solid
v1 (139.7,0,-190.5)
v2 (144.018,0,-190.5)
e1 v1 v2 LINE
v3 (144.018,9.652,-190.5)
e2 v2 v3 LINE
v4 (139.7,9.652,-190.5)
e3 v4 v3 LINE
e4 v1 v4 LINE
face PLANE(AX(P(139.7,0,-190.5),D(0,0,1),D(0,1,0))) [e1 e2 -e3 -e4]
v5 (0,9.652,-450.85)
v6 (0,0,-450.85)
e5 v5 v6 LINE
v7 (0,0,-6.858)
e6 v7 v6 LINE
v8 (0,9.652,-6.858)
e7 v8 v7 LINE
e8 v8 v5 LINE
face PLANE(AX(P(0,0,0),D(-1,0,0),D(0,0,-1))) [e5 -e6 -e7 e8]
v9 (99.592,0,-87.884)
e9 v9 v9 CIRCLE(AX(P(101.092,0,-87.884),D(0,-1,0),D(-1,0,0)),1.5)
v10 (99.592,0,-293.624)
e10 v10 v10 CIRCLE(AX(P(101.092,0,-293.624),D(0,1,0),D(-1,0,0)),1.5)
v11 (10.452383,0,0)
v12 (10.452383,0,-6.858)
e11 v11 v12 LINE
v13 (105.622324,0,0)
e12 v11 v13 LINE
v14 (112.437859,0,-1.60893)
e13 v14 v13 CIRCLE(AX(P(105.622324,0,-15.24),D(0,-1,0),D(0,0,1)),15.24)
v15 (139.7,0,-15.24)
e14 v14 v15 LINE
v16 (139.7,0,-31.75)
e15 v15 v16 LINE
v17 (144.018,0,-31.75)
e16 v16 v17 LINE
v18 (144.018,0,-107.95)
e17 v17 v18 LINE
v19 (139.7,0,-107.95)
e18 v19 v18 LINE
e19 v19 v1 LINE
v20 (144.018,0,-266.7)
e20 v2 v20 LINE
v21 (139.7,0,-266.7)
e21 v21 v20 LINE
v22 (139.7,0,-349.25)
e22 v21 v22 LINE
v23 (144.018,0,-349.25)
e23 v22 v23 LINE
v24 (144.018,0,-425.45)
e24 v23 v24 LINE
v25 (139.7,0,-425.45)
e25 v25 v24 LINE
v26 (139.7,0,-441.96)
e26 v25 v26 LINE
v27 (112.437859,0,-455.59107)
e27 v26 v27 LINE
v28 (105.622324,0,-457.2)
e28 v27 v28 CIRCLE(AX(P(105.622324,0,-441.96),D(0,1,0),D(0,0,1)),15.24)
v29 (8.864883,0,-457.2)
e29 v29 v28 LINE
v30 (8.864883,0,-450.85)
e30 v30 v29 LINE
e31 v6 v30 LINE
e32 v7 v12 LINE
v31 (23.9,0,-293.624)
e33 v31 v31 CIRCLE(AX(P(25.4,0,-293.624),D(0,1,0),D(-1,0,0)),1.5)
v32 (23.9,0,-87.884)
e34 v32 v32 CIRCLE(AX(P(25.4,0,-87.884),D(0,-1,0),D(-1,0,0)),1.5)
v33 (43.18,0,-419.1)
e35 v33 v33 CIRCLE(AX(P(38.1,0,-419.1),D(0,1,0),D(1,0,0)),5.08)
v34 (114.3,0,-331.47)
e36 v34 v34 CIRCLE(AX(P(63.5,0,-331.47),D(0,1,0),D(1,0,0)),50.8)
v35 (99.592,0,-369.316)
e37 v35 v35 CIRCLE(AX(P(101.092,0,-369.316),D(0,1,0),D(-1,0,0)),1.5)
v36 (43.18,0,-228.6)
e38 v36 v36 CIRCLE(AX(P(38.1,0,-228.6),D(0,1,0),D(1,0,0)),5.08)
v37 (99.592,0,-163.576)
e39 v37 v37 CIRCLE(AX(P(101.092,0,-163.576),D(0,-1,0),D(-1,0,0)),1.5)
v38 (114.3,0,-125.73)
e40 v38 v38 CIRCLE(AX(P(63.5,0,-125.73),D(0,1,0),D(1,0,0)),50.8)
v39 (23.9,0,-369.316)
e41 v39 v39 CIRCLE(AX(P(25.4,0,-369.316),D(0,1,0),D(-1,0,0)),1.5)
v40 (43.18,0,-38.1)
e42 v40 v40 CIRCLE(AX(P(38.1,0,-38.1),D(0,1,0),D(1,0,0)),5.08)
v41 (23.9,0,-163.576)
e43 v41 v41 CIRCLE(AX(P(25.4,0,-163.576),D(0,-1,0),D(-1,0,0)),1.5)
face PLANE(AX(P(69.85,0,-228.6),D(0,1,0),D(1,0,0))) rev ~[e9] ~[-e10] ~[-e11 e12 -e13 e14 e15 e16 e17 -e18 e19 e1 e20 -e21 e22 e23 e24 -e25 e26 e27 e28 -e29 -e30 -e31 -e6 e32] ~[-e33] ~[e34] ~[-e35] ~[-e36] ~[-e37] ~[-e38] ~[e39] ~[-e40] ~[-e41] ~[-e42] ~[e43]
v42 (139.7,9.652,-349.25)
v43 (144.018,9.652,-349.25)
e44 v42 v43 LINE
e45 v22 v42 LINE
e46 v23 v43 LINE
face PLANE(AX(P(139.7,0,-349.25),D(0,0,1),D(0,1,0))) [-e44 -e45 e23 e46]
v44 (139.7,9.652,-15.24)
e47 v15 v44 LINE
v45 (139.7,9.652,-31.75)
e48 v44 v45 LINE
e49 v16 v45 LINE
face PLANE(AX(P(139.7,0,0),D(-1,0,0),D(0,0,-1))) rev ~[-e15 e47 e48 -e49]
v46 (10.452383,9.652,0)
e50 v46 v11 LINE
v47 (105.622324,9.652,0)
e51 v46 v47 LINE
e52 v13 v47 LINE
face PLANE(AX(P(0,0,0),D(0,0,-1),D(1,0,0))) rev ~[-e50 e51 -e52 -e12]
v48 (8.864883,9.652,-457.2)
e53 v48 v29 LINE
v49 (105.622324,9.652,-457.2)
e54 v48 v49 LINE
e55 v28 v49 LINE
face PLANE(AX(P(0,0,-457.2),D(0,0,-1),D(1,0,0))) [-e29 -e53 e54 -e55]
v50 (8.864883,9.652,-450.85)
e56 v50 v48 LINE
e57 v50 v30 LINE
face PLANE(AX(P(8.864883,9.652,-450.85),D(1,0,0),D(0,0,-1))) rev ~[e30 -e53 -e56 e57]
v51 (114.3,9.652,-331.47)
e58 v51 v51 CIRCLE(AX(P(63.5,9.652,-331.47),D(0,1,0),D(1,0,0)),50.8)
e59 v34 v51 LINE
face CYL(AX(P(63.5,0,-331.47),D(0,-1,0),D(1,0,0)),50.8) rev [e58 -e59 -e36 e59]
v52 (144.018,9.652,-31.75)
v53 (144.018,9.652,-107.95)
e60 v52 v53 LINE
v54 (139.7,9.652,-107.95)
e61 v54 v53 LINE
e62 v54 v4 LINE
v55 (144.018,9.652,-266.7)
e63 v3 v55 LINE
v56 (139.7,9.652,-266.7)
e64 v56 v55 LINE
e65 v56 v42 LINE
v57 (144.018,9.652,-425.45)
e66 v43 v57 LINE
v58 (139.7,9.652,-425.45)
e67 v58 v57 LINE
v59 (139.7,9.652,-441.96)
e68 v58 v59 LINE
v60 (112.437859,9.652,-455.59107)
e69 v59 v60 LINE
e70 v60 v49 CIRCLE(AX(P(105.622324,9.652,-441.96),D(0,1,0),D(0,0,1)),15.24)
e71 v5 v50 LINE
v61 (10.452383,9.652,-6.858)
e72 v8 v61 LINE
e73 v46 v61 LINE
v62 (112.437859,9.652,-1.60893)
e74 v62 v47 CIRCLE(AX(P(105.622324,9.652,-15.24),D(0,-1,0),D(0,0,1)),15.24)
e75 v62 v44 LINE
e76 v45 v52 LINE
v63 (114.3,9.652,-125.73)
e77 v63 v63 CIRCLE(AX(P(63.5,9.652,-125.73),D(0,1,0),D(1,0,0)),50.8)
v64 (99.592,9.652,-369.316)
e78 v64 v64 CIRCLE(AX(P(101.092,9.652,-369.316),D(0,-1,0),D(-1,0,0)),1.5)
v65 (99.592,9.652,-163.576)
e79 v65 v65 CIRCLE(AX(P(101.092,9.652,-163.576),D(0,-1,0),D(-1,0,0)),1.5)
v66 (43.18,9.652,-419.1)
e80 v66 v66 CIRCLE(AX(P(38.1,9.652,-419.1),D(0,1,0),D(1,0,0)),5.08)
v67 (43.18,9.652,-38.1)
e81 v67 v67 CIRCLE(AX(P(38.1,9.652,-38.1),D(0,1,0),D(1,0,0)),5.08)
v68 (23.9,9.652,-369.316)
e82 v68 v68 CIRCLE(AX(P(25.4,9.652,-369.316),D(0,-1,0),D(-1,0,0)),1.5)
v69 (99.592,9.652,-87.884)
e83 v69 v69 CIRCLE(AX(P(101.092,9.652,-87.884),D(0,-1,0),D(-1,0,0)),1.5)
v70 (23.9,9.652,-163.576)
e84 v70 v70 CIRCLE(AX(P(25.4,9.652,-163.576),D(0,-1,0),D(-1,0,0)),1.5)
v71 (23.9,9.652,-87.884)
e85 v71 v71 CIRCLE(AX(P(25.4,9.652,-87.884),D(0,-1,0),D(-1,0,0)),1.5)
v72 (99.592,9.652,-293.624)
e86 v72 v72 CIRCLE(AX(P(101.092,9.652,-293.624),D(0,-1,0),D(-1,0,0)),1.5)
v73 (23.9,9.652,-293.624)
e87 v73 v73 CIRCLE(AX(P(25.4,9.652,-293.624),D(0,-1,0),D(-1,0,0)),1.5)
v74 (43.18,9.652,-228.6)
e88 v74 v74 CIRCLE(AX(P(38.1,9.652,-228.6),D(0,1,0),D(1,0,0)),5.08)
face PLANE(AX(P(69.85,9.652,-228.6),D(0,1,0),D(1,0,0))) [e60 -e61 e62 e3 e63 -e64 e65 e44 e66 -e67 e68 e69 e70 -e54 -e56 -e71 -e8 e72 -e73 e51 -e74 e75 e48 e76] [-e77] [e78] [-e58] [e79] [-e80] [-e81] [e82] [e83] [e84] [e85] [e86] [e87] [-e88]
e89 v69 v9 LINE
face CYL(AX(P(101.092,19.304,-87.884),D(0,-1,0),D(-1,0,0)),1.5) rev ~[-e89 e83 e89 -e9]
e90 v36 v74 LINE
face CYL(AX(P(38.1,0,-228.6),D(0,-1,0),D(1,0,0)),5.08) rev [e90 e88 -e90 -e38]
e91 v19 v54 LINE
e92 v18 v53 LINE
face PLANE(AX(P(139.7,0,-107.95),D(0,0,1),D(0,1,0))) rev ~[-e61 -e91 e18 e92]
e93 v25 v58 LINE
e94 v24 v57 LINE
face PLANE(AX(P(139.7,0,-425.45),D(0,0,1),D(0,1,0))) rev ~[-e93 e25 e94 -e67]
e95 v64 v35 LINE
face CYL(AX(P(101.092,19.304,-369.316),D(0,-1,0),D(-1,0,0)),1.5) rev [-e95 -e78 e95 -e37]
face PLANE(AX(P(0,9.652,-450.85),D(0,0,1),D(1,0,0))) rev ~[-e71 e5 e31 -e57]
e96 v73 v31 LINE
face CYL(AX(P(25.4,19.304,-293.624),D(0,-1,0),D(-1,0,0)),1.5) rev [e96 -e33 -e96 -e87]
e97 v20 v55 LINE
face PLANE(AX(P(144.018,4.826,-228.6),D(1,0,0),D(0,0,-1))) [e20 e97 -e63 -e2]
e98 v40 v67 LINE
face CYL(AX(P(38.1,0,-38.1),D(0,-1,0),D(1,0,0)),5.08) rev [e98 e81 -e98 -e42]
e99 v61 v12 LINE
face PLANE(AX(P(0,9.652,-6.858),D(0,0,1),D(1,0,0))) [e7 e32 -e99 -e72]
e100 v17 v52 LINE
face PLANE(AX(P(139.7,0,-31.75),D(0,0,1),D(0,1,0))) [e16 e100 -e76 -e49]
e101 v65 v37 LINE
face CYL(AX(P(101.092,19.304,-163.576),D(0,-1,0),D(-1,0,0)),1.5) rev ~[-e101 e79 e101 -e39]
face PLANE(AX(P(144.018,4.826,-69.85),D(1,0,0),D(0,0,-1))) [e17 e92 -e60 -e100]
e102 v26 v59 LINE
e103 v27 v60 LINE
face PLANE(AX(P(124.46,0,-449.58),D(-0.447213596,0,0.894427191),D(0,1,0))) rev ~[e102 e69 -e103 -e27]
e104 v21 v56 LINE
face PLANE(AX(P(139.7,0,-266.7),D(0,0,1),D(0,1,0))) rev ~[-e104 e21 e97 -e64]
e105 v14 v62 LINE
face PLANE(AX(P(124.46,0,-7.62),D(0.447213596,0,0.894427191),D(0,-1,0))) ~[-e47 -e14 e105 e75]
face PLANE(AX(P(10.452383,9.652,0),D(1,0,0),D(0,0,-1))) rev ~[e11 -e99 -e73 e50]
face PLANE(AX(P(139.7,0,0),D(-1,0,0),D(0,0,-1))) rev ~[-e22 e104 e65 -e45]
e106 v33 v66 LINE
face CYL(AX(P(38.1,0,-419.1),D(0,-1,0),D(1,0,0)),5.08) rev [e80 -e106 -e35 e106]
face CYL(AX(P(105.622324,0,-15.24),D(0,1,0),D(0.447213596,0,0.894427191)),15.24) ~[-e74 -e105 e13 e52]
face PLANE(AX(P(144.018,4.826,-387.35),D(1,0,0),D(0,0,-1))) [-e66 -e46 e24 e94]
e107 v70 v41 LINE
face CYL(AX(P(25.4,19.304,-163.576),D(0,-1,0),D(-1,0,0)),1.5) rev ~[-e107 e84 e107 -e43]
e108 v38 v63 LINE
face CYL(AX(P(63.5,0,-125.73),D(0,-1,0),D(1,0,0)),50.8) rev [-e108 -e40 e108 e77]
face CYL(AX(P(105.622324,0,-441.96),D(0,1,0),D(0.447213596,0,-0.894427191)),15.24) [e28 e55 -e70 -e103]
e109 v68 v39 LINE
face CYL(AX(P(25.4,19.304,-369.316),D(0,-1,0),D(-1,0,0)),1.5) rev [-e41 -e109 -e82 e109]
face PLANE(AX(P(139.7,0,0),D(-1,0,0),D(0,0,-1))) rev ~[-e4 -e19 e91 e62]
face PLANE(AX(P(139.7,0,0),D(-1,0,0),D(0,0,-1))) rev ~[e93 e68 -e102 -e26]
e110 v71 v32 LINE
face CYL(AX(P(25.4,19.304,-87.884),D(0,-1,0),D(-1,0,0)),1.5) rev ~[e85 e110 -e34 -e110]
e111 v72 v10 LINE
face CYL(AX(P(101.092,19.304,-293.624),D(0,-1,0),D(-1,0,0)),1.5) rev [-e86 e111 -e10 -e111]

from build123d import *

# Parameters (mm, degrees)
SKETCH1_W                    = 139.7
SKETCH1_H                    = 457.2
SKETCH1_R                    = 50.8
SKETCH1_R_2                  = 5.08
BOSS_EXTRUDE1_DEPTH          = 9.652
SKETCH4_W                    = 10.452383168
SKETCH4_H                    = 6.858
SKETCH4_W_2                  = 8.864883168
SKETCH4_H_2                  = 6.35
CUT_EXTRUDE1_DEPTH           = 10.652
CHAMFER1_SIZE                = 15.24
CHAMFER1_SIZE2               = 30.48
CHAMFER2_SIZE                = 30.48
CHAMFER2_SIZE2               = 15.24
FILLET2_R                    = 15.24
SKETCH5_W                    = 76.2
SKETCH5_H                    = 9.652
BOSS_EXTRUDE2_DEPTH          = 4.318
F_3_0_3_DIAMETER_HOLE1_D     = 3
F_3_0_3_DIAMETER_HOLE1_DEPTH = 9.652


with BuildPart() as part:
    # Sketch1 → Boss-Extrude1 (new body)
    with BuildSketch(Plane(origin=(0, 0, 0), x_dir=(1, 0, 0), z_dir=(0, 1, 0))):
        with Locations((69.85, 228.6)):
            Rectangle(SKETCH1_W, SKETCH1_H)
        with Locations((63.5, 125.73)):
            Circle(SKETCH1_R, mode=Mode.SUBTRACT)
        with Locations((38.1, 38.1)):
            Circle(SKETCH1_R_2, mode=Mode.SUBTRACT)
        with Locations((38.1, 419.1)):
            Circle(SKETCH1_R_2, mode=Mode.SUBTRACT)
        with Locations((63.5, 331.47)):
            Circle(SKETCH1_R, mode=Mode.SUBTRACT)
        with Locations((38.1, 228.6)):
            Circle(SKETCH1_R_2, mode=Mode.SUBTRACT)
    extrude(amount=BOSS_EXTRUDE1_DEPTH)

    # Sketch4 → Cut-Extrude1 (cut, through all)
    with BuildSketch(Plane(origin=(0, 9.652, 0), x_dir=(1, 0, 0), z_dir=(0, 1, 0))):
        with Locations((5.226191584, 3.429)):
            Rectangle(SKETCH4_W, SKETCH4_H)
        with Locations((4.432441584, 454.025)):
            Rectangle(SKETCH4_W_2, SKETCH4_H_2)
    extrude(amount=-CUT_EXTRUDE1_DEPTH, mode=Mode.SUBTRACT)

    # Chamfer1
    chamfer1_edges = [part.edges().sort_by_distance(p)[0] for p in [
        (139.7, 4.826, -457.2),
    ]]
    chamfer1_side = [part.faces().sort_by_distance(p)[0] for p in [
        (139.7, 4.826, -228.6),
    ]]
    chamfer(chamfer1_edges, length=CHAMFER1_SIZE, length2=CHAMFER1_SIZE2, reference=chamfer1_side[0])

    # Chamfer2
    chamfer2_edges = [part.edges().sort_by_distance(p)[0] for p in [
        (139.7, 4.826, 0),
    ]]
    chamfer2_side = [part.faces().sort_by_distance(p)[0] for p in [
        (75.076191584, 4.826, 0),
    ]]
    chamfer(chamfer2_edges, length=CHAMFER2_SIZE, length2=CHAMFER2_SIZE2, reference=chamfer2_side[0])

    # Fillet2
    fillet2_edges = [part.edges().sort_by_distance(p)[0] for p in [
        (109.22, 4.826, -457.2),
        (109.22, 4.826, 0),
    ]]
    fillet(fillet2_edges, radius=FILLET2_R)

    # Sketch5 → Boss-Extrude2 (add)
    with BuildSketch(Plane(origin=(139.7, 0, 0), x_dir=(0, 0, -1), z_dir=(1, 0, 0))):
        with Locations((69.85, 4.826)):
            Rectangle(SKETCH5_W, SKETCH5_H)
        with Locations((228.6, 4.826)):
            Rectangle(SKETCH5_W, SKETCH5_H)
        with Locations((387.35, 4.826)):
            Rectangle(SKETCH5_W, SKETCH5_H)
    extrude(amount=BOSS_EXTRUDE2_DEPTH)

    # Ø3.0 (3) Diameter Hole1
    with Locations(Plane(origin=(0, 9.652, 0), x_dir=(1, 0, 0), z_dir=(0, 1, 0))):
        with Locations((101.092, 87.884), (25.4, 87.884), (25.4, 163.576), (101.092, 163.576)):
            f_3_0_3_diameter_hole1 = Hole(F_3_0_3_DIAMETER_HOLE1_D / 2, depth=F_3_0_3_DIAMETER_HOLE1_DEPTH)

    # Mirror1: Ø3.0 (3) Diameter Hole1 across plane
    add(f_3_0_3_diameter_hole1.mirror(Plane.XY.offset(-228.6)), mode=Mode.SUBTRACT)


solid = part.part
